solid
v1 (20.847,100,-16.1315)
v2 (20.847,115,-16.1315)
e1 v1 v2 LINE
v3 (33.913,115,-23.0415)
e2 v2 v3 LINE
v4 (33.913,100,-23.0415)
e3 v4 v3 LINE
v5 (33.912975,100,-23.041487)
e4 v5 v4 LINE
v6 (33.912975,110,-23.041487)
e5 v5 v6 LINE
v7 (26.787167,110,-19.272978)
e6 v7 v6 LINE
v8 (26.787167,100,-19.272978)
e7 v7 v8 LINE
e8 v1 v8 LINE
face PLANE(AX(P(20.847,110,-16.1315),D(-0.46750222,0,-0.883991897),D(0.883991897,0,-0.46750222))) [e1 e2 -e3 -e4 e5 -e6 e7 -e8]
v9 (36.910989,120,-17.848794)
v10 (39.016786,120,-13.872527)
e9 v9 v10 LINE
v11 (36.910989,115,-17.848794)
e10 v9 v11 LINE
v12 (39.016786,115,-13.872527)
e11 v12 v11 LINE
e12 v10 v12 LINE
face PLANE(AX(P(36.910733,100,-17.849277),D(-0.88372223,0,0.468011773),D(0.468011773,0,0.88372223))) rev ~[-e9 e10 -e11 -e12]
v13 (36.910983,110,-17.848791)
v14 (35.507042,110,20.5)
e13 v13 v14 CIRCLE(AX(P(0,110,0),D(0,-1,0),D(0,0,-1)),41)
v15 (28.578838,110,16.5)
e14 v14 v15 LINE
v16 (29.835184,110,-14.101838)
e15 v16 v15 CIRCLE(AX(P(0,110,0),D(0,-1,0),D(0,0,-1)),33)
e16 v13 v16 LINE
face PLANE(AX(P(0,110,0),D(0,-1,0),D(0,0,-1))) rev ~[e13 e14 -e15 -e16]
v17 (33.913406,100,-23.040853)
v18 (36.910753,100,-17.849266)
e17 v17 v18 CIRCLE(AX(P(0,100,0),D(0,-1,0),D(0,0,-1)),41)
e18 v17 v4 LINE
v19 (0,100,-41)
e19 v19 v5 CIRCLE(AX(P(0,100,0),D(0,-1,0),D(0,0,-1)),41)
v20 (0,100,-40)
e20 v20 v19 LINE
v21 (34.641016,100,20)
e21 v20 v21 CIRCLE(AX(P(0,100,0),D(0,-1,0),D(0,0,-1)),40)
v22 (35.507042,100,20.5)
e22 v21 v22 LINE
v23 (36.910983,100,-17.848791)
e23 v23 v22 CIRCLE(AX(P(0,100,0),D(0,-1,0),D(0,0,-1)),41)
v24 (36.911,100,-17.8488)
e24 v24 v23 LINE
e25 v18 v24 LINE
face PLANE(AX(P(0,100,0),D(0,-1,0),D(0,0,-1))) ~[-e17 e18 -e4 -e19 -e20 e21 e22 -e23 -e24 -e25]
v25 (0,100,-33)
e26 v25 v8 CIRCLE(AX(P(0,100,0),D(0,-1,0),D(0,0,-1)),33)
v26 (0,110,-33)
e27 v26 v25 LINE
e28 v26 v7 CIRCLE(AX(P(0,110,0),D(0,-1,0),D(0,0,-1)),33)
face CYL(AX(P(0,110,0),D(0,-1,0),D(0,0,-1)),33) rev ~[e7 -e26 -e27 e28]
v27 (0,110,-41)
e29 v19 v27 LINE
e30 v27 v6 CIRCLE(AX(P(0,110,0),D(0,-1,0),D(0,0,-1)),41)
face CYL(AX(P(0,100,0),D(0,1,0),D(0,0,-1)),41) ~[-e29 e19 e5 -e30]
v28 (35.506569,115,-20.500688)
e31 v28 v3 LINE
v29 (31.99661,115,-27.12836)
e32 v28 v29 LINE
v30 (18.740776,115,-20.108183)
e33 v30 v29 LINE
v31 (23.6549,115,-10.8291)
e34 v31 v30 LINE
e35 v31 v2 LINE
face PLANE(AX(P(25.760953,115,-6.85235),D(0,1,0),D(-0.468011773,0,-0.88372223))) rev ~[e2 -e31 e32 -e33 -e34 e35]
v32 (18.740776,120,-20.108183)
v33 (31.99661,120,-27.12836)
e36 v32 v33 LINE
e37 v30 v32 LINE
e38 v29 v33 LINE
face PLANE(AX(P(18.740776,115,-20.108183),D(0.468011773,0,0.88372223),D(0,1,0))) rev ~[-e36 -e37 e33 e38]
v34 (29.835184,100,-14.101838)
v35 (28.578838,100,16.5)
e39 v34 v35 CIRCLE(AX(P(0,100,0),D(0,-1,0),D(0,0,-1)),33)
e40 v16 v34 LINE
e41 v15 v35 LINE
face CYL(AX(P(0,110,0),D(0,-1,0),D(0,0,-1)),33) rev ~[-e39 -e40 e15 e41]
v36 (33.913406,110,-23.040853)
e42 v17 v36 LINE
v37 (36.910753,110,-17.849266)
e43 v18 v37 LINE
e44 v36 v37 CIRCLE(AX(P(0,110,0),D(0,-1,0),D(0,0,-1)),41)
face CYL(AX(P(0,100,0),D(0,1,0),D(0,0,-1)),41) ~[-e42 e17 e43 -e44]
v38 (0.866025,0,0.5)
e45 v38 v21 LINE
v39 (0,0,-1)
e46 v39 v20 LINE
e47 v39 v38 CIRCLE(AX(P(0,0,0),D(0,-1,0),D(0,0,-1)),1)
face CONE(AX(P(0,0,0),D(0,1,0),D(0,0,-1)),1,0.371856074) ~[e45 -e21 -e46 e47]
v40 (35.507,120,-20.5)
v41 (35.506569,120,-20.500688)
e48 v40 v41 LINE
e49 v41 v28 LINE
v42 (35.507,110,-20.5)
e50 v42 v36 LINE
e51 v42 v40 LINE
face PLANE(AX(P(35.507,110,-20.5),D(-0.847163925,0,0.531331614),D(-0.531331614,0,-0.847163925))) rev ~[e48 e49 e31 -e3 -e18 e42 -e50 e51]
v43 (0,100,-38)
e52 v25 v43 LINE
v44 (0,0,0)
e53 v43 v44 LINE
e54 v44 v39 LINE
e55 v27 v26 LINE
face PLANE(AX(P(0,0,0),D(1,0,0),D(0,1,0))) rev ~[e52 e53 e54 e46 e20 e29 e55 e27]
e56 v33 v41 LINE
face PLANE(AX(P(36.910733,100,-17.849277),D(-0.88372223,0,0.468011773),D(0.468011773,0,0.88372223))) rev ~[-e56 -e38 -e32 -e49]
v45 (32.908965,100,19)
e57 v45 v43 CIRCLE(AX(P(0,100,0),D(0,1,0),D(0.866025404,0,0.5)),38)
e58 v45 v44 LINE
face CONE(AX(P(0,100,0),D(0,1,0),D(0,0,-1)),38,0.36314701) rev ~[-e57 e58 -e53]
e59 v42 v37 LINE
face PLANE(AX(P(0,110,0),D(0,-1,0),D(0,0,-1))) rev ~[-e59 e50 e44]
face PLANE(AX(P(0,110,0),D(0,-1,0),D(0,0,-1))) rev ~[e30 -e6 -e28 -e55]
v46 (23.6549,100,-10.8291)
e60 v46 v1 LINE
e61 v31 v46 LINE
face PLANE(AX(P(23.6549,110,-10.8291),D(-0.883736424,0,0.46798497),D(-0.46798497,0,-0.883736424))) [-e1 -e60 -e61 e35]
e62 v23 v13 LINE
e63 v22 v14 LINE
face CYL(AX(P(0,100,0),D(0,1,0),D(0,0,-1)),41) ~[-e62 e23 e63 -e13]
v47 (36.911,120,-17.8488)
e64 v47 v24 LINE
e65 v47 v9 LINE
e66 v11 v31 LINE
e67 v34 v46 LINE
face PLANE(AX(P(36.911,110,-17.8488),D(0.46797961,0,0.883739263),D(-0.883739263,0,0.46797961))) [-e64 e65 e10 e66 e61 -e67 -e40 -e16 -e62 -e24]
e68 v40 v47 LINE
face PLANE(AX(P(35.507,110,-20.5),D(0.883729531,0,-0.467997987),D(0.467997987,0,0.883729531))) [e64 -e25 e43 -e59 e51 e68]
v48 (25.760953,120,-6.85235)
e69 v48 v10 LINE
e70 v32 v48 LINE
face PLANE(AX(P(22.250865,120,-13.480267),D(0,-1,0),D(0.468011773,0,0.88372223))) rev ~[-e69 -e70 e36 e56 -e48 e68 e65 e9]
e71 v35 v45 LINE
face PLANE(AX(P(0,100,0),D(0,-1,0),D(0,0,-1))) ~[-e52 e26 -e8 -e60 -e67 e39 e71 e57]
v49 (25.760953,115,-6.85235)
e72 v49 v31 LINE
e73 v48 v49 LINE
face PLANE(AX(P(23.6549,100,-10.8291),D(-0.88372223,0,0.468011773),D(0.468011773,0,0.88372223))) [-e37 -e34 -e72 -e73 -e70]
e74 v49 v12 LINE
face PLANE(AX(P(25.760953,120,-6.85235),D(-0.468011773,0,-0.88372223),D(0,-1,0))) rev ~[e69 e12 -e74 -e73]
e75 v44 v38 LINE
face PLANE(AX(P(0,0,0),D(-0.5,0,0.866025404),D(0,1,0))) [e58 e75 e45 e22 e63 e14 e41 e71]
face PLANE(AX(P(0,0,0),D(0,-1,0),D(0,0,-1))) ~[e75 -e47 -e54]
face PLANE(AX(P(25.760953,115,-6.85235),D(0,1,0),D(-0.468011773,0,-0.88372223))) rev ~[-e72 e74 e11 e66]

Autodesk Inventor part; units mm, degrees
ref_plane "YZ Plane" through (0, 0, 0) normal (1, 0, 0) x (0, 1, 0)
ref_plane "XZ Plane" through (0, 0, 0) normal (0, 1, 0) x (-1, 0, 0)
ref_plane "XY Plane" through (0, 0, 0) normal (0, 0, 1) x (1, 0, 0)
sketch "Sketch1" plane through (0, 0, 0) normal (1, 0, 0) x (0, 1, 0)
  line L0 (0, 0) -> (100, 0)
  line L1 (100, 0) -> (100, -40)
  line L2 (0, 0) -> (0, -1)
  line L3 (0, -1) -> (100, -40)
  line L4 (100, -40) -> (100, -38)
  line L5 (100, -38) -> (0, 0)
  line L6 (100, -40) -> (100, -41)
  line L7 (100, -41) -> (110, -41)
  line L8 (110, -41) -> (110, -33)
  line L9 (110, -33) -> (100, -33)
  dimension "d0" = 100
  dimension "d1" = 40
  dimension "d2" = 1
  dimension "d3" = 2
  dimension "d7" = 1
  dimension "d8" = 10
  dimension "d9" = 8
revolve "Revolution1" add sketch "Sketch1" angle 120 about axis through (0, 0, 0) along (0, -1, 0) contours L5 L1 L3 L2 | L1 L9 L8 L7 L6
sketch "Sketch2" plane through (0, 110, -33) normal (0, 1, 0) x (1, 0, 0)
  line L0 (32.909, -14) -> (35.507, -12.5)
  line L1 (35.507, -12.5) -> (33.913, -9.9585)
  line L2 (35.507, -12.5) -> (36.911, -15.1512)
  line L3 (36.911, -15.1512) -> (23.6549, -22.1709)
  line L4 (23.6549, -22.1709) -> (20.847, -16.8685)
  line L5 (20.847, -16.8685) -> (33.913, -9.9585)
  dimension "d11" = 3
  dimension "d12" = 3
  dimension "d13" = 15
  dimension "d14" = 6
extrude "Extrusion1" add sketch "Sketch2" along normal mid plane 20
sketch "Sketch3" plane through (23.6549, 100, -10.8291) normal (-0.8837, 0, 0.468) x (0.468, 0, 0.8837)
  line L0 (-3, 20) -> (4.5, 20)
  line L1 (4.5, 20) -> (4.5, 15)
  line L2 (4.5, 15) -> (-10.5, 15)
  line L3 (-10.5, 15) -> (-10.5, 20)
  line L4 (-10.5, 20) -> (-3, 20)
  point P0 (-1.5, -100)
  dimension "d17" = 7.5
  dimension "d18" = 5
  dimension "d19" = 15
extrude "Extrusion2" add sketch "Sketch3" against normal blind 15
properties part number "Pá 120"
